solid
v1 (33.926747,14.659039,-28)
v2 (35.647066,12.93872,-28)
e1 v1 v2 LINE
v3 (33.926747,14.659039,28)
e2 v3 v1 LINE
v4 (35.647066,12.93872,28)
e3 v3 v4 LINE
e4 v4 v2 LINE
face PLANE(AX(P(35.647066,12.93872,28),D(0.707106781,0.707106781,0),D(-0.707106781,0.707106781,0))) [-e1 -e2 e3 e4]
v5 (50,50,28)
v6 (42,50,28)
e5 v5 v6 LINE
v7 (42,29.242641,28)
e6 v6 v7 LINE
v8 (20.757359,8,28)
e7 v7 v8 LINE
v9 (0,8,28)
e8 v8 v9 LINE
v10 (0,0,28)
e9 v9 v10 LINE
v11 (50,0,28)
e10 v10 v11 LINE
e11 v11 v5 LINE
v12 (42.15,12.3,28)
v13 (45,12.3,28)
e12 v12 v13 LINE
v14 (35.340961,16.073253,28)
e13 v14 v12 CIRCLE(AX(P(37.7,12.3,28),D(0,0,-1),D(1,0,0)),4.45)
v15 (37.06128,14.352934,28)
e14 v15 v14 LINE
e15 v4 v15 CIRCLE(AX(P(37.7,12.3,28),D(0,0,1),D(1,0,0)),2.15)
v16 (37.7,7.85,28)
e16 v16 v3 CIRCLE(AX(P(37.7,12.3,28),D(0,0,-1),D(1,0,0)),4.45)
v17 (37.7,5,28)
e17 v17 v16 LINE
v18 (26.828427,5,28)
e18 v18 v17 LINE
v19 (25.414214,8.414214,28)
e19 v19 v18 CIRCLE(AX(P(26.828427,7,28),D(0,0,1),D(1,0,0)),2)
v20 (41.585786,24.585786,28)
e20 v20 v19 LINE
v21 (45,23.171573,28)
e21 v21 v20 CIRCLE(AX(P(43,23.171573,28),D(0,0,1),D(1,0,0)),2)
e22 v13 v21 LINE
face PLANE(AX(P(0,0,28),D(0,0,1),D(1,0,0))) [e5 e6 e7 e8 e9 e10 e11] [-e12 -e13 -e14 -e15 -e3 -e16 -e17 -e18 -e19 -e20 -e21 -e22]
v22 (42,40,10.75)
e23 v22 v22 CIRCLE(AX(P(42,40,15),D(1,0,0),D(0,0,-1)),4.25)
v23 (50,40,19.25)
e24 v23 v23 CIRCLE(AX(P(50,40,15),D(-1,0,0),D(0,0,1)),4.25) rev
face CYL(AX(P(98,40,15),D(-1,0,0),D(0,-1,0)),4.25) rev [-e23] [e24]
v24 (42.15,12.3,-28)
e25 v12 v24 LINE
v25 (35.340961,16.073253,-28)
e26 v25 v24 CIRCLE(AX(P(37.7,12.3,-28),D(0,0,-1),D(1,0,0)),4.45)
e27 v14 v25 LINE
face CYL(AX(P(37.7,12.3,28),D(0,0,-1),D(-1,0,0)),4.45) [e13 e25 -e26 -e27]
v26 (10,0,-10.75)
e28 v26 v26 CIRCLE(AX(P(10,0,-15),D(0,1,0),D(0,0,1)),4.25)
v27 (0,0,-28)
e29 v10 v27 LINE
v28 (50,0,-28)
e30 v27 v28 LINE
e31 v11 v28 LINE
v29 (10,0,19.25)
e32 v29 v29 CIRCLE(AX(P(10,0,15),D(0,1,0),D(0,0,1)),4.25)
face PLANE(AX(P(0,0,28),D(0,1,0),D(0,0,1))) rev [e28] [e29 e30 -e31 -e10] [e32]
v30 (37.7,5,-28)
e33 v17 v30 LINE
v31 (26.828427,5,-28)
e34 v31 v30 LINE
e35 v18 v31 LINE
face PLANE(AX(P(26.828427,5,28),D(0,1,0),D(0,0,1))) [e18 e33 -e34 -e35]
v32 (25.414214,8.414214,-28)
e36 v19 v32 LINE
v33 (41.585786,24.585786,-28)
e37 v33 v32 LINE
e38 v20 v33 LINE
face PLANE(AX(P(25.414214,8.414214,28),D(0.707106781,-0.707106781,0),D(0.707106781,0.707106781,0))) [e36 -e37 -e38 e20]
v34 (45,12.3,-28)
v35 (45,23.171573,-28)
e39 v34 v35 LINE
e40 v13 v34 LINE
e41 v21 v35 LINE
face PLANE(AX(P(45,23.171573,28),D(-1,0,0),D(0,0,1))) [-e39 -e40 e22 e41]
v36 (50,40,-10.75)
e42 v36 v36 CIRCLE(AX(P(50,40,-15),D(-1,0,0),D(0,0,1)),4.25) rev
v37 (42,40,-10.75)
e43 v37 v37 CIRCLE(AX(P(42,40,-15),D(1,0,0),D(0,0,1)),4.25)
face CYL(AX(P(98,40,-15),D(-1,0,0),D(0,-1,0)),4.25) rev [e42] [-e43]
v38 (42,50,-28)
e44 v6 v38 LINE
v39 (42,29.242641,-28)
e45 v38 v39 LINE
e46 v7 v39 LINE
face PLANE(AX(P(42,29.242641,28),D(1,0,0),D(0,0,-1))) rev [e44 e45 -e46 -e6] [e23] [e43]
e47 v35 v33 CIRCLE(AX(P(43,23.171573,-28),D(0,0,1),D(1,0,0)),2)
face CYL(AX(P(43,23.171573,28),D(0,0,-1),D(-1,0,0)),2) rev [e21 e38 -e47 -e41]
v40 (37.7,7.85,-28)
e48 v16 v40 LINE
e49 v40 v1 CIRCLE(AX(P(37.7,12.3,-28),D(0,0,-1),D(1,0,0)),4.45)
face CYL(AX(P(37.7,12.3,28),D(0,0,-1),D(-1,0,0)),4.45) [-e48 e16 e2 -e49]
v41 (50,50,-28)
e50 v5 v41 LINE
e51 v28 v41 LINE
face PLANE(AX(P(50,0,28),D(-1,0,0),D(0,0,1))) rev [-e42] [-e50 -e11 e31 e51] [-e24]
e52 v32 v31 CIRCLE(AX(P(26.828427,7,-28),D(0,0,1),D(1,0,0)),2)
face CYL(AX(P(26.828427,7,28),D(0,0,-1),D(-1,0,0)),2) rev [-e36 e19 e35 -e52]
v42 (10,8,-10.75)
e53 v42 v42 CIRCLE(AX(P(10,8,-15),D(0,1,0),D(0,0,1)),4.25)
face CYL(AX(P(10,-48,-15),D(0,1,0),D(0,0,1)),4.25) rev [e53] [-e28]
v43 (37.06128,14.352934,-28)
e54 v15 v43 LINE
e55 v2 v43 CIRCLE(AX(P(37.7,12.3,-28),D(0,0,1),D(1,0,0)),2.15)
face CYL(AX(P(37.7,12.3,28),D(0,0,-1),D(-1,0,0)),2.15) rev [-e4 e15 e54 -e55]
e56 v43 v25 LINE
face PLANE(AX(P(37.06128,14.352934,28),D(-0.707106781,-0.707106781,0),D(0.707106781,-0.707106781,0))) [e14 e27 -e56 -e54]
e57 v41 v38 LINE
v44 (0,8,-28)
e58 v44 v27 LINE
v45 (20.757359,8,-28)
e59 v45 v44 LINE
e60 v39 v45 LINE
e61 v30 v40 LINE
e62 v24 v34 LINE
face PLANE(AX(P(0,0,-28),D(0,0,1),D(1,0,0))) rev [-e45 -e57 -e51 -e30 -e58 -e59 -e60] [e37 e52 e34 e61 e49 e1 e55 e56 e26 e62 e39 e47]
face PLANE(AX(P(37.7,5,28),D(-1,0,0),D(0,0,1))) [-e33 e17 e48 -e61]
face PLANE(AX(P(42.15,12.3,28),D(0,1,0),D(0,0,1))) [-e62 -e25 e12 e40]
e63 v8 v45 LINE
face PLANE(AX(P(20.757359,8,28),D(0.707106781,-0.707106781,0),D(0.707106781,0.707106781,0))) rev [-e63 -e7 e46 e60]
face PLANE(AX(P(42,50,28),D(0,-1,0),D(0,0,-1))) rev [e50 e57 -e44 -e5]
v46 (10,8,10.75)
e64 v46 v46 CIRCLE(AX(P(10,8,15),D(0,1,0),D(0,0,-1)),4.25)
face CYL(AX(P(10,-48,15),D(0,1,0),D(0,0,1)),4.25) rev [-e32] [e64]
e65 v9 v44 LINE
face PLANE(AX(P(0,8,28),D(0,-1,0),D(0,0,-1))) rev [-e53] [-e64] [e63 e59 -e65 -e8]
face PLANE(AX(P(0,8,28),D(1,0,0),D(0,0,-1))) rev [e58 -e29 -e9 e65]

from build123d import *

# Parameters (mm, degrees)
EXTRUDE_1_DEPTH     = 28
SKETCH_3_R          = 4.25
CUT_EXTRUDE_1_DEPTH = 56


with BuildPart() as part:
    # 草图1 → 凸台-拉伸1 (new, symmetric)
    with BuildSketch(Plane.XY):
        Polygon((0, 0), (50, 0), (50, 50), (42, 50), (42, 29.242640687), (20.757359313, 8), (0, 8), align=None)
        with BuildLine():
            Line((37.061279898, 14.352933665), (35.340960992, 16.07325257))
            ThreePointArc((35.340960992, 16.07325257), (39.856939547, 16.192314452), (42.15, 12.3))
            Line((42.15, 12.3), (45, 12.3))
            Line((45, 12.3), (45, 23.171572875))
            ThreePointArc((45, 23.171572875), (43.765366865, 25.01933194), (41.585786438, 24.585786438))
            Line((41.585786438, 24.585786438), (25.414213562, 8.414213562))
            ThreePointArc((25.414213562, 8.414213562), (24.98066806, 6.234633135), (26.828427125, 5))
            Line((26.828427125, 5), (37.7, 5))
            Line((37.7, 5), (37.7, 7.85))
            ThreePointArc((37.7, 7.85), (33.807685548, 10.143060453), (33.92674743, 14.659039008))
            Line((33.92674743, 14.659039008), (35.647066335, 12.938720102))
            ThreePointArc((35.647066335, 12.938720102), (39.22027958, 10.77972042), (37.061279898, 14.352933665))
        make_face(mode=Mode.SUBTRACT)
    extrude(amount=EXTRUDE_1_DEPTH, both=True)

    # 草图3 → 切除-拉伸1 (cut)
    with BuildSketch(Plane(origin=(0, 8, 0), x_dir=(1, 0, 0), z_dir=(0, 1, 0))):
        with Locations(Location((10, 15, 0), (0, 0, 270))):
            Circle(SKETCH_3_R)
        with Locations(Location((10, -15, 0), (0, 0, 270))):
            Circle(SKETCH_3_R)
    cut_extrude_1 = extrude(amount=-CUT_EXTRUDE_1_DEPTH, mode=Mode.SUBTRACT)

    # 镜向1: 切除-拉伸1 across plane
    add(cut_extrude_1.mirror(Plane(origin=(25, 25, 0), x_dir=(0, 0, 1), z_dir=(-0.7071067811865486, -0.7071067811865465, 0))), mode=Mode.SUBTRACT)


solid = part.part
